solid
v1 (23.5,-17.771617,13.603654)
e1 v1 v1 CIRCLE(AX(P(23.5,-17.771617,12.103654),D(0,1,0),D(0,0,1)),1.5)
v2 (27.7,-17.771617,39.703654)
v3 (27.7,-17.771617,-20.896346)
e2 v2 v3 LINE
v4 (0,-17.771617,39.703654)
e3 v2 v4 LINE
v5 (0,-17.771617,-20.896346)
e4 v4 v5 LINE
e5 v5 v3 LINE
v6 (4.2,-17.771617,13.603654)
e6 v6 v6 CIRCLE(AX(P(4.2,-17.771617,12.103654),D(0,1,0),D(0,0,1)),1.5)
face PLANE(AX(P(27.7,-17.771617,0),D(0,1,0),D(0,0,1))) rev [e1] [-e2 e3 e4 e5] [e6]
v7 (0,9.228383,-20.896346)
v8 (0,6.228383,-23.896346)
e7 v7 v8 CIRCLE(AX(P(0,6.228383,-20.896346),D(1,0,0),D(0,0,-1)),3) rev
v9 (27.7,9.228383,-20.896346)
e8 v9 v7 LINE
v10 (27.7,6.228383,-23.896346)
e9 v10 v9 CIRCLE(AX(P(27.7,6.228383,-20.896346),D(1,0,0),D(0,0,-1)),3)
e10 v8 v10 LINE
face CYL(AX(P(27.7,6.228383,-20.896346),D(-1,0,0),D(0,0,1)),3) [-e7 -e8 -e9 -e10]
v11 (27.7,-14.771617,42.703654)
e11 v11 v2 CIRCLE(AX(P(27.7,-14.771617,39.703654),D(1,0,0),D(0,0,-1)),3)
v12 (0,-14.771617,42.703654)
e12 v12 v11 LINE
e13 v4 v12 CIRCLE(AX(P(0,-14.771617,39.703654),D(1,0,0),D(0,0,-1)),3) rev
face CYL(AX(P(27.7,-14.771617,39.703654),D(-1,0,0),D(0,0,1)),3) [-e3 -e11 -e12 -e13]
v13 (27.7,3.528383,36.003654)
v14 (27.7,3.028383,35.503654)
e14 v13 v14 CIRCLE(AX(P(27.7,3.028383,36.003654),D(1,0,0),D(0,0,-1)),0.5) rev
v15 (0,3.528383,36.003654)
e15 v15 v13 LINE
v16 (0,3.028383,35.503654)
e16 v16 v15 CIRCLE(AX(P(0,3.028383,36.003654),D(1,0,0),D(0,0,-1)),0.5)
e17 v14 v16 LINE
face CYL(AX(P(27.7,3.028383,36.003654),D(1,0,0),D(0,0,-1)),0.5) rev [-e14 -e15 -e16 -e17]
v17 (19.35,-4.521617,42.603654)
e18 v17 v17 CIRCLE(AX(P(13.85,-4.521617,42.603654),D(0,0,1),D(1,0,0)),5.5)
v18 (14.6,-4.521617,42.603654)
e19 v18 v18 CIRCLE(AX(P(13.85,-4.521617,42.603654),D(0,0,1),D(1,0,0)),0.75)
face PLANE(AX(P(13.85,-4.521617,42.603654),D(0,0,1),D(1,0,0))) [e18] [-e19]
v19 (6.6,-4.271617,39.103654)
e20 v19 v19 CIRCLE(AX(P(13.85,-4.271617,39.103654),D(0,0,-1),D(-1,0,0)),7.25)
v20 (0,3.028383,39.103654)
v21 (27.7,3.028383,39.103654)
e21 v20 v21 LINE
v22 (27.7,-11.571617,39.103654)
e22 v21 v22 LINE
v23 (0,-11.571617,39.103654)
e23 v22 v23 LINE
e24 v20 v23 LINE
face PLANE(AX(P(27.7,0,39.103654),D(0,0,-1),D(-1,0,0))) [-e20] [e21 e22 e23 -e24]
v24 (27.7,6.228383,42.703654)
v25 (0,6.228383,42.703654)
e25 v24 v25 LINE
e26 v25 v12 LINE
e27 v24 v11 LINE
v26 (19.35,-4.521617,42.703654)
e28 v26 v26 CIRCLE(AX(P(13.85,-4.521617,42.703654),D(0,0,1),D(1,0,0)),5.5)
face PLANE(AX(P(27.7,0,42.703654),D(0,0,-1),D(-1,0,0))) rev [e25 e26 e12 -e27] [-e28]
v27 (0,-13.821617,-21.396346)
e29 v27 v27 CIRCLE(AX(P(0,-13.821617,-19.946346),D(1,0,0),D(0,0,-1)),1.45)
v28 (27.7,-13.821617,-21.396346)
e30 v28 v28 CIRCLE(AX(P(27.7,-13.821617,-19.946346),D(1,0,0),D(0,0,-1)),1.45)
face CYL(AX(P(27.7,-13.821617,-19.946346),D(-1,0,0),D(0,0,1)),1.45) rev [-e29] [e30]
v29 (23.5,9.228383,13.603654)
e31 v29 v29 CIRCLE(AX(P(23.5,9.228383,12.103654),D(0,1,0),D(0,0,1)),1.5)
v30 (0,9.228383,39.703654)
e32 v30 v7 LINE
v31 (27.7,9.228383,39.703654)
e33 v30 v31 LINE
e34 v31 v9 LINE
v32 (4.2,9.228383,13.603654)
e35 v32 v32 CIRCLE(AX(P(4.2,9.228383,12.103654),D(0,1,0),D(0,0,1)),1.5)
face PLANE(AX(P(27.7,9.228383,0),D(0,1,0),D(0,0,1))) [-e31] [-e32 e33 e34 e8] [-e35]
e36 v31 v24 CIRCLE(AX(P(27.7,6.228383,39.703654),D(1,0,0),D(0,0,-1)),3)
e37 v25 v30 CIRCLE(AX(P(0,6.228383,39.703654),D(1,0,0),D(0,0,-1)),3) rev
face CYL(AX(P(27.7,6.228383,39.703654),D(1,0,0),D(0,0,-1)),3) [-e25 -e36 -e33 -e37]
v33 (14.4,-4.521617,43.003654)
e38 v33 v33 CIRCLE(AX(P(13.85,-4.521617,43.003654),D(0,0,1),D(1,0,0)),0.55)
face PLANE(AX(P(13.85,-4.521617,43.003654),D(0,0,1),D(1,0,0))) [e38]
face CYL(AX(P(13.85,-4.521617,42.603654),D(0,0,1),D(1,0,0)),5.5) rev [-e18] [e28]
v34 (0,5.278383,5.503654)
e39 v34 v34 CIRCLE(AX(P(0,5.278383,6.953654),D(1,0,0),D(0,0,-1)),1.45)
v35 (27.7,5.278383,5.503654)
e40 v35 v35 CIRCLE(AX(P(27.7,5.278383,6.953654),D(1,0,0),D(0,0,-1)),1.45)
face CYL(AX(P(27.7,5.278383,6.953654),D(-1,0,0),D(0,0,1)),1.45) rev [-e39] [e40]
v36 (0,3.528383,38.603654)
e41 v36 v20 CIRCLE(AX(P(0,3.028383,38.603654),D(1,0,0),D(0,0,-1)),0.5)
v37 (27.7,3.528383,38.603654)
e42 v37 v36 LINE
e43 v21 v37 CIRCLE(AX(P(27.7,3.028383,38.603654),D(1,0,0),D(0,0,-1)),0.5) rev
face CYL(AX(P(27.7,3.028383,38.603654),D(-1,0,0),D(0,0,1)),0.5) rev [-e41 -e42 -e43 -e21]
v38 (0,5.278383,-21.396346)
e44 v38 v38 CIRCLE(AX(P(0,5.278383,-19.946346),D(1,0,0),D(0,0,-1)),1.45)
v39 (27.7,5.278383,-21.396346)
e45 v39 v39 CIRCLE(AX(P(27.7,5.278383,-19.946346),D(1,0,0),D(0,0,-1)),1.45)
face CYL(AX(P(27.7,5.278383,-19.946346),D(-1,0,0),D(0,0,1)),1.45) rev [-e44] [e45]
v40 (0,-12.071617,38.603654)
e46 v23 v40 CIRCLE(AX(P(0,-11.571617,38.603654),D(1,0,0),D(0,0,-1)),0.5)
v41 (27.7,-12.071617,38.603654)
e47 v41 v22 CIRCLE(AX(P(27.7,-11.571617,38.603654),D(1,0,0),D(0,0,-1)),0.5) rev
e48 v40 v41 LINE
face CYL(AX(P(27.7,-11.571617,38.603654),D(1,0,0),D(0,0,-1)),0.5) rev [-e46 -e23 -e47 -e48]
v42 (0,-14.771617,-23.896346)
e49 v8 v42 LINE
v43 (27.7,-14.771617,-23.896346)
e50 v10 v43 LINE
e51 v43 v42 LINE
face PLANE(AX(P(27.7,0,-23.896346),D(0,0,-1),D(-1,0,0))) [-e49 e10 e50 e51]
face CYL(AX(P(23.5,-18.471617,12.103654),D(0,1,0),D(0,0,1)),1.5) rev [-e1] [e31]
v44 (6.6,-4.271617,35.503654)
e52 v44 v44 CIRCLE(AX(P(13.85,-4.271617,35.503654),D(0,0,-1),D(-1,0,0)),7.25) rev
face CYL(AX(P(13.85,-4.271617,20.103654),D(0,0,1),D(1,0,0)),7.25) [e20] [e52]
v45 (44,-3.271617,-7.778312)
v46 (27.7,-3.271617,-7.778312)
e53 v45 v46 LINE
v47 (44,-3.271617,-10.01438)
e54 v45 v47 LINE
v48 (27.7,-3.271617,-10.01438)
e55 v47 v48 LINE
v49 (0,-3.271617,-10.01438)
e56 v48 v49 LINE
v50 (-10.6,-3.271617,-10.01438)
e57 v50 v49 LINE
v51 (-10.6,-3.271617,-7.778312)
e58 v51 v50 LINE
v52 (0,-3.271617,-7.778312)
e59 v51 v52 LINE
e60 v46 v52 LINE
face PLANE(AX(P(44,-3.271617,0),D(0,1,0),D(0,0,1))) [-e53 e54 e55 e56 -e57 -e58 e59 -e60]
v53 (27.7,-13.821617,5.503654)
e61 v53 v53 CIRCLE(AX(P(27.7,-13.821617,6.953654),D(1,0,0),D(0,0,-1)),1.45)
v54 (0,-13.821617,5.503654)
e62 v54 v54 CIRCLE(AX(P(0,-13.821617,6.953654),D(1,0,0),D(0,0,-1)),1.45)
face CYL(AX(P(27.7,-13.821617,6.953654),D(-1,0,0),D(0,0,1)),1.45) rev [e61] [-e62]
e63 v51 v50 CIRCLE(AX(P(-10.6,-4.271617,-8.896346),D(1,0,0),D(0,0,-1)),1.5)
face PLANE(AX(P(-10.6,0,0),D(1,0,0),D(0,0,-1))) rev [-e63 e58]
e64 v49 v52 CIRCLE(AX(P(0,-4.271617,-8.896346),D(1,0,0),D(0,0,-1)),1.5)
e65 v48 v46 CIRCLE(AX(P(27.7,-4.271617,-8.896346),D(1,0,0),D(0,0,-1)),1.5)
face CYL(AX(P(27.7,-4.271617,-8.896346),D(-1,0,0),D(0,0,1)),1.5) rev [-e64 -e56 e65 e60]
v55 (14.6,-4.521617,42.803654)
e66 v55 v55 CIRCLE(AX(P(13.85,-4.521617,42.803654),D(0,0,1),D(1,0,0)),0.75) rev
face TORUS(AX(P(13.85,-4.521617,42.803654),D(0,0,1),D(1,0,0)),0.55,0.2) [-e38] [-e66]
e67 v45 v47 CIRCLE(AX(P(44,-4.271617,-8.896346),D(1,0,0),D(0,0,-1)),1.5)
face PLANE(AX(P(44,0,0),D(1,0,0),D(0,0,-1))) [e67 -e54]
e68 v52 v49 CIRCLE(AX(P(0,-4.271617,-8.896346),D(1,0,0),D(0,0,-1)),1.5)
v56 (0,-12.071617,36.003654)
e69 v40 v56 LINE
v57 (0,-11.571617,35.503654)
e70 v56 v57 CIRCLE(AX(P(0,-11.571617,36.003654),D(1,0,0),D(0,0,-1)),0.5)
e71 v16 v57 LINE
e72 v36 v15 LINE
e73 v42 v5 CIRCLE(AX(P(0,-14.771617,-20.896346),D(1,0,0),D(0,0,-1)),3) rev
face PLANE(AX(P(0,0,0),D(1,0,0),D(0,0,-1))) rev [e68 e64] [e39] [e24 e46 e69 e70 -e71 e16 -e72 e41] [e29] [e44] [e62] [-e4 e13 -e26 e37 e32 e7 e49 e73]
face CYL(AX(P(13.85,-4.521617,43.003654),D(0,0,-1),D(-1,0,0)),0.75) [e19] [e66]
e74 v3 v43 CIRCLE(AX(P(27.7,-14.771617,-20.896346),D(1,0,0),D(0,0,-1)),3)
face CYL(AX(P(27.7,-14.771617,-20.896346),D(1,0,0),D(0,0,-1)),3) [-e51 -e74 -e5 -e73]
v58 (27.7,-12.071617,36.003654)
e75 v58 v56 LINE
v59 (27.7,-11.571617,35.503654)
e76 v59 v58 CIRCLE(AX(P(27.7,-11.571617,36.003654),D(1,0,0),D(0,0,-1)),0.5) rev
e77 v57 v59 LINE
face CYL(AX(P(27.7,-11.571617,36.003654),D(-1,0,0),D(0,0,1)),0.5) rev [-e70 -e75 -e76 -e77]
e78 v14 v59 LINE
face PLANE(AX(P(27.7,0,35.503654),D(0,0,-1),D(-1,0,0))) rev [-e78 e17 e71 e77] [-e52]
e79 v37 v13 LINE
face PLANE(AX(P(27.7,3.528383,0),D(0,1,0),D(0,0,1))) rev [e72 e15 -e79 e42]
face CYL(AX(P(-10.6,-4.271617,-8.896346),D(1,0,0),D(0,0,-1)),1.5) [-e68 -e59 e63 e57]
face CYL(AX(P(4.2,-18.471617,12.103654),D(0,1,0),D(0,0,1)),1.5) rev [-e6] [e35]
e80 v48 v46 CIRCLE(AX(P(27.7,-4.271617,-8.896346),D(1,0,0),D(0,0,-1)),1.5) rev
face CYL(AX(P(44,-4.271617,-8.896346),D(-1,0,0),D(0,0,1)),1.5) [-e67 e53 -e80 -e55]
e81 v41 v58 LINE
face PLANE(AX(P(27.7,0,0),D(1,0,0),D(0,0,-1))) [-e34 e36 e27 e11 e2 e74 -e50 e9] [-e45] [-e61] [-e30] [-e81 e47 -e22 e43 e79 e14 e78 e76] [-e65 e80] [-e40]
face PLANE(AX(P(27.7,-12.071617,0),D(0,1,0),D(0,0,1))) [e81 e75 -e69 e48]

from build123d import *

# Parameters (mm, degrees)
SKETCH1_W           = 66.6
SKETCH1_H           = 27
SKETCH1_R           = 1.5
SKETCH1_W_2         = 3.6
SKETCH1_H_2         = 15.6
SKETCH1_R_2         = 1.45
BOSS_EXTRUDE1_DEPTH = 27.7
FILLET1_R           = 3
FILLET2_R           = 0.5
SKETCH2_R           = 1.5
CUT_EXTRUDE1_DEPTH  = 27.7
BOSS_EXTRUDE2_DEPTH = 10.6
BOSS_EXTRUDE3_DEPTH = 44
SKETCH4_R           = 7.25
BOSS_EXTRUDE4_DEPTH = 19
SKETCH5_R           = 5.5
CUT_EXTRUDE2_DEPTH  = 0.1
SKETCH6_R           = 0.75
BOSS_EXTRUDE6_DEPTH = 0.4
FILLET3_R           = 0.2


with BuildPart() as part:
    # Sketch1 → Boss-Extrude1 (new body)
    with BuildSketch(Plane(origin=(0, 0, 0), x_dir=(0, 0, -1), z_dir=(1, 0, 0))):
        with Locations((-9.403654485, -4.271617427)):
            Rectangle(SKETCH1_W, SKETCH1_H)
        with Locations((8.896345515, -4.271617427)):
            Circle(SKETCH1_R, mode=Mode.SUBTRACT)
        with Locations((-37.303654485, -4.271617427)):
            Rectangle(SKETCH1_W_2, SKETCH1_H_2, mode=Mode.SUBTRACT)
        with Locations((-6.953654485, 5.278382573)):
            Circle(SKETCH1_R_2, mode=Mode.SUBTRACT)
        with Locations((19.946345515, 5.278382573)):
            Circle(SKETCH1_R_2, mode=Mode.SUBTRACT)
        with Locations((-6.953654485, -13.821617427)):
            Circle(SKETCH1_R_2, mode=Mode.SUBTRACT)
        with Locations((19.946345515, -13.821617427)):
            Circle(SKETCH1_R_2, mode=Mode.SUBTRACT)
    extrude(amount=BOSS_EXTRUDE1_DEPTH)

    # Fillet1
    fillet1_edges = [part.edges().sort_by_distance(p)[0] for p in [
        (13.85, -17.771617427, -23.896345515),
        (13.85, -17.771617427, 42.703654485),
        (13.85, 9.228382573, -23.896345515),
        (13.85, 9.228382573, 42.703654485),
    ]]
    fillet(fillet1_edges, radius=FILLET1_R)

    # Fillet2
    fillet2_edges = [part.edges().sort_by_distance(p)[0] for p in [
        (13.85, -12.071617427, 35.503654485),
        (13.85, -12.071617427, 39.103654485),
        (13.85, 3.528382573, 39.103654485),
        (13.85, 3.528382573, 35.503654485),
    ]]
    fillet(fillet2_edges, radius=FILLET2_R)

    # Sketch2 → Cut-Extrude1 (cut)
    with BuildSketch(Plane(origin=(0, 9.228382573, 0), x_dir=(1, 0, 0), z_dir=(0, 1, 0))):
        with Locations((4.2, -12.103654485)):
            Circle(SKETCH2_R)
        with Locations((23.5, -12.103654485)):
            Circle(SKETCH2_R)
    extrude(amount=-CUT_EXTRUDE1_DEPTH, mode=Mode.SUBTRACT)



with BuildPart() as body_2:
    # Sketch3 → Boss-Extrude2 (new body)
    with BuildSketch(Plane(origin=(0, 0, 0), x_dir=(0, 0, -1), z_dir=(1, 0, 0))):
        with BuildLine():
            Line((10.014379504, -3.271617427), (7.778311526, -3.271617427))
            ThreePointArc((7.778311526, -3.271617427), (8.36111238, -5.672875965), (10.396345515, -4.271617427))
            ThreePointArc((10.396345515, -4.271617427), (10.297604053, -3.736384292), (10.014379504, -3.271617427))
        make_face()
    extrude(amount=-BOSS_EXTRUDE2_DEPTH)


with BuildPart() as part_1:
    add(part.part)

    add(body_2.part)  # Boss-Extrude3 merges body 2
    # Sketch3<4> → Boss-Extrude3 (add)
    with BuildSketch(Plane(origin=(0, 0, 0), x_dir=(0, 0, -1), z_dir=(1, 0, 0))):
        with BuildLine():
            Line((10.014379504, -3.271617427), (7.778311526, -3.271617427))
            ThreePointArc((7.778311526, -3.271617427), (8.36111238, -5.672875965), (10.396345515, -4.271617427))
            ThreePointArc((10.396345515, -4.271617427), (10.297604053, -3.736384292), (10.014379504, -3.271617427))
        make_face()
    extrude(amount=BOSS_EXTRUDE3_DEPTH)

    # Sketch4 → Boss-Extrude4 (add)
    with BuildSketch(Plane(origin=(0, 0, 39.103654485), x_dir=(-1, 0, 0), z_dir=(0, 0, -1))):
        with Locations((-13.85, -4.271617427)):
            Circle(SKETCH4_R)
    extrude(amount=BOSS_EXTRUDE4_DEPTH)

    # Sketch5 → Cut-Extrude2 (cut)
    with BuildSketch(Plane.XY.offset(42.703654485)):
        with Locations((13.85, -4.521617427)):
            Circle(SKETCH5_R)
    extrude(amount=-CUT_EXTRUDE2_DEPTH, mode=Mode.SUBTRACT)

    # Sketch6 → Boss-Extrude6 (add)
    with BuildSketch(Plane.XY.offset(42.603654485)):
        with Locations((13.85, -4.521617427)):
            Circle(SKETCH6_R)
    extrude(amount=BOSS_EXTRUDE6_DEPTH)

    # Fillet3
    fillet3_edges = [part_1.edges().sort_by_distance(p)[0] for p in [
        (13.1, -4.521617427, 43.003654485),
    ]]
    fillet(fillet3_edges, radius=FILLET3_R)


solid = part_1.part
